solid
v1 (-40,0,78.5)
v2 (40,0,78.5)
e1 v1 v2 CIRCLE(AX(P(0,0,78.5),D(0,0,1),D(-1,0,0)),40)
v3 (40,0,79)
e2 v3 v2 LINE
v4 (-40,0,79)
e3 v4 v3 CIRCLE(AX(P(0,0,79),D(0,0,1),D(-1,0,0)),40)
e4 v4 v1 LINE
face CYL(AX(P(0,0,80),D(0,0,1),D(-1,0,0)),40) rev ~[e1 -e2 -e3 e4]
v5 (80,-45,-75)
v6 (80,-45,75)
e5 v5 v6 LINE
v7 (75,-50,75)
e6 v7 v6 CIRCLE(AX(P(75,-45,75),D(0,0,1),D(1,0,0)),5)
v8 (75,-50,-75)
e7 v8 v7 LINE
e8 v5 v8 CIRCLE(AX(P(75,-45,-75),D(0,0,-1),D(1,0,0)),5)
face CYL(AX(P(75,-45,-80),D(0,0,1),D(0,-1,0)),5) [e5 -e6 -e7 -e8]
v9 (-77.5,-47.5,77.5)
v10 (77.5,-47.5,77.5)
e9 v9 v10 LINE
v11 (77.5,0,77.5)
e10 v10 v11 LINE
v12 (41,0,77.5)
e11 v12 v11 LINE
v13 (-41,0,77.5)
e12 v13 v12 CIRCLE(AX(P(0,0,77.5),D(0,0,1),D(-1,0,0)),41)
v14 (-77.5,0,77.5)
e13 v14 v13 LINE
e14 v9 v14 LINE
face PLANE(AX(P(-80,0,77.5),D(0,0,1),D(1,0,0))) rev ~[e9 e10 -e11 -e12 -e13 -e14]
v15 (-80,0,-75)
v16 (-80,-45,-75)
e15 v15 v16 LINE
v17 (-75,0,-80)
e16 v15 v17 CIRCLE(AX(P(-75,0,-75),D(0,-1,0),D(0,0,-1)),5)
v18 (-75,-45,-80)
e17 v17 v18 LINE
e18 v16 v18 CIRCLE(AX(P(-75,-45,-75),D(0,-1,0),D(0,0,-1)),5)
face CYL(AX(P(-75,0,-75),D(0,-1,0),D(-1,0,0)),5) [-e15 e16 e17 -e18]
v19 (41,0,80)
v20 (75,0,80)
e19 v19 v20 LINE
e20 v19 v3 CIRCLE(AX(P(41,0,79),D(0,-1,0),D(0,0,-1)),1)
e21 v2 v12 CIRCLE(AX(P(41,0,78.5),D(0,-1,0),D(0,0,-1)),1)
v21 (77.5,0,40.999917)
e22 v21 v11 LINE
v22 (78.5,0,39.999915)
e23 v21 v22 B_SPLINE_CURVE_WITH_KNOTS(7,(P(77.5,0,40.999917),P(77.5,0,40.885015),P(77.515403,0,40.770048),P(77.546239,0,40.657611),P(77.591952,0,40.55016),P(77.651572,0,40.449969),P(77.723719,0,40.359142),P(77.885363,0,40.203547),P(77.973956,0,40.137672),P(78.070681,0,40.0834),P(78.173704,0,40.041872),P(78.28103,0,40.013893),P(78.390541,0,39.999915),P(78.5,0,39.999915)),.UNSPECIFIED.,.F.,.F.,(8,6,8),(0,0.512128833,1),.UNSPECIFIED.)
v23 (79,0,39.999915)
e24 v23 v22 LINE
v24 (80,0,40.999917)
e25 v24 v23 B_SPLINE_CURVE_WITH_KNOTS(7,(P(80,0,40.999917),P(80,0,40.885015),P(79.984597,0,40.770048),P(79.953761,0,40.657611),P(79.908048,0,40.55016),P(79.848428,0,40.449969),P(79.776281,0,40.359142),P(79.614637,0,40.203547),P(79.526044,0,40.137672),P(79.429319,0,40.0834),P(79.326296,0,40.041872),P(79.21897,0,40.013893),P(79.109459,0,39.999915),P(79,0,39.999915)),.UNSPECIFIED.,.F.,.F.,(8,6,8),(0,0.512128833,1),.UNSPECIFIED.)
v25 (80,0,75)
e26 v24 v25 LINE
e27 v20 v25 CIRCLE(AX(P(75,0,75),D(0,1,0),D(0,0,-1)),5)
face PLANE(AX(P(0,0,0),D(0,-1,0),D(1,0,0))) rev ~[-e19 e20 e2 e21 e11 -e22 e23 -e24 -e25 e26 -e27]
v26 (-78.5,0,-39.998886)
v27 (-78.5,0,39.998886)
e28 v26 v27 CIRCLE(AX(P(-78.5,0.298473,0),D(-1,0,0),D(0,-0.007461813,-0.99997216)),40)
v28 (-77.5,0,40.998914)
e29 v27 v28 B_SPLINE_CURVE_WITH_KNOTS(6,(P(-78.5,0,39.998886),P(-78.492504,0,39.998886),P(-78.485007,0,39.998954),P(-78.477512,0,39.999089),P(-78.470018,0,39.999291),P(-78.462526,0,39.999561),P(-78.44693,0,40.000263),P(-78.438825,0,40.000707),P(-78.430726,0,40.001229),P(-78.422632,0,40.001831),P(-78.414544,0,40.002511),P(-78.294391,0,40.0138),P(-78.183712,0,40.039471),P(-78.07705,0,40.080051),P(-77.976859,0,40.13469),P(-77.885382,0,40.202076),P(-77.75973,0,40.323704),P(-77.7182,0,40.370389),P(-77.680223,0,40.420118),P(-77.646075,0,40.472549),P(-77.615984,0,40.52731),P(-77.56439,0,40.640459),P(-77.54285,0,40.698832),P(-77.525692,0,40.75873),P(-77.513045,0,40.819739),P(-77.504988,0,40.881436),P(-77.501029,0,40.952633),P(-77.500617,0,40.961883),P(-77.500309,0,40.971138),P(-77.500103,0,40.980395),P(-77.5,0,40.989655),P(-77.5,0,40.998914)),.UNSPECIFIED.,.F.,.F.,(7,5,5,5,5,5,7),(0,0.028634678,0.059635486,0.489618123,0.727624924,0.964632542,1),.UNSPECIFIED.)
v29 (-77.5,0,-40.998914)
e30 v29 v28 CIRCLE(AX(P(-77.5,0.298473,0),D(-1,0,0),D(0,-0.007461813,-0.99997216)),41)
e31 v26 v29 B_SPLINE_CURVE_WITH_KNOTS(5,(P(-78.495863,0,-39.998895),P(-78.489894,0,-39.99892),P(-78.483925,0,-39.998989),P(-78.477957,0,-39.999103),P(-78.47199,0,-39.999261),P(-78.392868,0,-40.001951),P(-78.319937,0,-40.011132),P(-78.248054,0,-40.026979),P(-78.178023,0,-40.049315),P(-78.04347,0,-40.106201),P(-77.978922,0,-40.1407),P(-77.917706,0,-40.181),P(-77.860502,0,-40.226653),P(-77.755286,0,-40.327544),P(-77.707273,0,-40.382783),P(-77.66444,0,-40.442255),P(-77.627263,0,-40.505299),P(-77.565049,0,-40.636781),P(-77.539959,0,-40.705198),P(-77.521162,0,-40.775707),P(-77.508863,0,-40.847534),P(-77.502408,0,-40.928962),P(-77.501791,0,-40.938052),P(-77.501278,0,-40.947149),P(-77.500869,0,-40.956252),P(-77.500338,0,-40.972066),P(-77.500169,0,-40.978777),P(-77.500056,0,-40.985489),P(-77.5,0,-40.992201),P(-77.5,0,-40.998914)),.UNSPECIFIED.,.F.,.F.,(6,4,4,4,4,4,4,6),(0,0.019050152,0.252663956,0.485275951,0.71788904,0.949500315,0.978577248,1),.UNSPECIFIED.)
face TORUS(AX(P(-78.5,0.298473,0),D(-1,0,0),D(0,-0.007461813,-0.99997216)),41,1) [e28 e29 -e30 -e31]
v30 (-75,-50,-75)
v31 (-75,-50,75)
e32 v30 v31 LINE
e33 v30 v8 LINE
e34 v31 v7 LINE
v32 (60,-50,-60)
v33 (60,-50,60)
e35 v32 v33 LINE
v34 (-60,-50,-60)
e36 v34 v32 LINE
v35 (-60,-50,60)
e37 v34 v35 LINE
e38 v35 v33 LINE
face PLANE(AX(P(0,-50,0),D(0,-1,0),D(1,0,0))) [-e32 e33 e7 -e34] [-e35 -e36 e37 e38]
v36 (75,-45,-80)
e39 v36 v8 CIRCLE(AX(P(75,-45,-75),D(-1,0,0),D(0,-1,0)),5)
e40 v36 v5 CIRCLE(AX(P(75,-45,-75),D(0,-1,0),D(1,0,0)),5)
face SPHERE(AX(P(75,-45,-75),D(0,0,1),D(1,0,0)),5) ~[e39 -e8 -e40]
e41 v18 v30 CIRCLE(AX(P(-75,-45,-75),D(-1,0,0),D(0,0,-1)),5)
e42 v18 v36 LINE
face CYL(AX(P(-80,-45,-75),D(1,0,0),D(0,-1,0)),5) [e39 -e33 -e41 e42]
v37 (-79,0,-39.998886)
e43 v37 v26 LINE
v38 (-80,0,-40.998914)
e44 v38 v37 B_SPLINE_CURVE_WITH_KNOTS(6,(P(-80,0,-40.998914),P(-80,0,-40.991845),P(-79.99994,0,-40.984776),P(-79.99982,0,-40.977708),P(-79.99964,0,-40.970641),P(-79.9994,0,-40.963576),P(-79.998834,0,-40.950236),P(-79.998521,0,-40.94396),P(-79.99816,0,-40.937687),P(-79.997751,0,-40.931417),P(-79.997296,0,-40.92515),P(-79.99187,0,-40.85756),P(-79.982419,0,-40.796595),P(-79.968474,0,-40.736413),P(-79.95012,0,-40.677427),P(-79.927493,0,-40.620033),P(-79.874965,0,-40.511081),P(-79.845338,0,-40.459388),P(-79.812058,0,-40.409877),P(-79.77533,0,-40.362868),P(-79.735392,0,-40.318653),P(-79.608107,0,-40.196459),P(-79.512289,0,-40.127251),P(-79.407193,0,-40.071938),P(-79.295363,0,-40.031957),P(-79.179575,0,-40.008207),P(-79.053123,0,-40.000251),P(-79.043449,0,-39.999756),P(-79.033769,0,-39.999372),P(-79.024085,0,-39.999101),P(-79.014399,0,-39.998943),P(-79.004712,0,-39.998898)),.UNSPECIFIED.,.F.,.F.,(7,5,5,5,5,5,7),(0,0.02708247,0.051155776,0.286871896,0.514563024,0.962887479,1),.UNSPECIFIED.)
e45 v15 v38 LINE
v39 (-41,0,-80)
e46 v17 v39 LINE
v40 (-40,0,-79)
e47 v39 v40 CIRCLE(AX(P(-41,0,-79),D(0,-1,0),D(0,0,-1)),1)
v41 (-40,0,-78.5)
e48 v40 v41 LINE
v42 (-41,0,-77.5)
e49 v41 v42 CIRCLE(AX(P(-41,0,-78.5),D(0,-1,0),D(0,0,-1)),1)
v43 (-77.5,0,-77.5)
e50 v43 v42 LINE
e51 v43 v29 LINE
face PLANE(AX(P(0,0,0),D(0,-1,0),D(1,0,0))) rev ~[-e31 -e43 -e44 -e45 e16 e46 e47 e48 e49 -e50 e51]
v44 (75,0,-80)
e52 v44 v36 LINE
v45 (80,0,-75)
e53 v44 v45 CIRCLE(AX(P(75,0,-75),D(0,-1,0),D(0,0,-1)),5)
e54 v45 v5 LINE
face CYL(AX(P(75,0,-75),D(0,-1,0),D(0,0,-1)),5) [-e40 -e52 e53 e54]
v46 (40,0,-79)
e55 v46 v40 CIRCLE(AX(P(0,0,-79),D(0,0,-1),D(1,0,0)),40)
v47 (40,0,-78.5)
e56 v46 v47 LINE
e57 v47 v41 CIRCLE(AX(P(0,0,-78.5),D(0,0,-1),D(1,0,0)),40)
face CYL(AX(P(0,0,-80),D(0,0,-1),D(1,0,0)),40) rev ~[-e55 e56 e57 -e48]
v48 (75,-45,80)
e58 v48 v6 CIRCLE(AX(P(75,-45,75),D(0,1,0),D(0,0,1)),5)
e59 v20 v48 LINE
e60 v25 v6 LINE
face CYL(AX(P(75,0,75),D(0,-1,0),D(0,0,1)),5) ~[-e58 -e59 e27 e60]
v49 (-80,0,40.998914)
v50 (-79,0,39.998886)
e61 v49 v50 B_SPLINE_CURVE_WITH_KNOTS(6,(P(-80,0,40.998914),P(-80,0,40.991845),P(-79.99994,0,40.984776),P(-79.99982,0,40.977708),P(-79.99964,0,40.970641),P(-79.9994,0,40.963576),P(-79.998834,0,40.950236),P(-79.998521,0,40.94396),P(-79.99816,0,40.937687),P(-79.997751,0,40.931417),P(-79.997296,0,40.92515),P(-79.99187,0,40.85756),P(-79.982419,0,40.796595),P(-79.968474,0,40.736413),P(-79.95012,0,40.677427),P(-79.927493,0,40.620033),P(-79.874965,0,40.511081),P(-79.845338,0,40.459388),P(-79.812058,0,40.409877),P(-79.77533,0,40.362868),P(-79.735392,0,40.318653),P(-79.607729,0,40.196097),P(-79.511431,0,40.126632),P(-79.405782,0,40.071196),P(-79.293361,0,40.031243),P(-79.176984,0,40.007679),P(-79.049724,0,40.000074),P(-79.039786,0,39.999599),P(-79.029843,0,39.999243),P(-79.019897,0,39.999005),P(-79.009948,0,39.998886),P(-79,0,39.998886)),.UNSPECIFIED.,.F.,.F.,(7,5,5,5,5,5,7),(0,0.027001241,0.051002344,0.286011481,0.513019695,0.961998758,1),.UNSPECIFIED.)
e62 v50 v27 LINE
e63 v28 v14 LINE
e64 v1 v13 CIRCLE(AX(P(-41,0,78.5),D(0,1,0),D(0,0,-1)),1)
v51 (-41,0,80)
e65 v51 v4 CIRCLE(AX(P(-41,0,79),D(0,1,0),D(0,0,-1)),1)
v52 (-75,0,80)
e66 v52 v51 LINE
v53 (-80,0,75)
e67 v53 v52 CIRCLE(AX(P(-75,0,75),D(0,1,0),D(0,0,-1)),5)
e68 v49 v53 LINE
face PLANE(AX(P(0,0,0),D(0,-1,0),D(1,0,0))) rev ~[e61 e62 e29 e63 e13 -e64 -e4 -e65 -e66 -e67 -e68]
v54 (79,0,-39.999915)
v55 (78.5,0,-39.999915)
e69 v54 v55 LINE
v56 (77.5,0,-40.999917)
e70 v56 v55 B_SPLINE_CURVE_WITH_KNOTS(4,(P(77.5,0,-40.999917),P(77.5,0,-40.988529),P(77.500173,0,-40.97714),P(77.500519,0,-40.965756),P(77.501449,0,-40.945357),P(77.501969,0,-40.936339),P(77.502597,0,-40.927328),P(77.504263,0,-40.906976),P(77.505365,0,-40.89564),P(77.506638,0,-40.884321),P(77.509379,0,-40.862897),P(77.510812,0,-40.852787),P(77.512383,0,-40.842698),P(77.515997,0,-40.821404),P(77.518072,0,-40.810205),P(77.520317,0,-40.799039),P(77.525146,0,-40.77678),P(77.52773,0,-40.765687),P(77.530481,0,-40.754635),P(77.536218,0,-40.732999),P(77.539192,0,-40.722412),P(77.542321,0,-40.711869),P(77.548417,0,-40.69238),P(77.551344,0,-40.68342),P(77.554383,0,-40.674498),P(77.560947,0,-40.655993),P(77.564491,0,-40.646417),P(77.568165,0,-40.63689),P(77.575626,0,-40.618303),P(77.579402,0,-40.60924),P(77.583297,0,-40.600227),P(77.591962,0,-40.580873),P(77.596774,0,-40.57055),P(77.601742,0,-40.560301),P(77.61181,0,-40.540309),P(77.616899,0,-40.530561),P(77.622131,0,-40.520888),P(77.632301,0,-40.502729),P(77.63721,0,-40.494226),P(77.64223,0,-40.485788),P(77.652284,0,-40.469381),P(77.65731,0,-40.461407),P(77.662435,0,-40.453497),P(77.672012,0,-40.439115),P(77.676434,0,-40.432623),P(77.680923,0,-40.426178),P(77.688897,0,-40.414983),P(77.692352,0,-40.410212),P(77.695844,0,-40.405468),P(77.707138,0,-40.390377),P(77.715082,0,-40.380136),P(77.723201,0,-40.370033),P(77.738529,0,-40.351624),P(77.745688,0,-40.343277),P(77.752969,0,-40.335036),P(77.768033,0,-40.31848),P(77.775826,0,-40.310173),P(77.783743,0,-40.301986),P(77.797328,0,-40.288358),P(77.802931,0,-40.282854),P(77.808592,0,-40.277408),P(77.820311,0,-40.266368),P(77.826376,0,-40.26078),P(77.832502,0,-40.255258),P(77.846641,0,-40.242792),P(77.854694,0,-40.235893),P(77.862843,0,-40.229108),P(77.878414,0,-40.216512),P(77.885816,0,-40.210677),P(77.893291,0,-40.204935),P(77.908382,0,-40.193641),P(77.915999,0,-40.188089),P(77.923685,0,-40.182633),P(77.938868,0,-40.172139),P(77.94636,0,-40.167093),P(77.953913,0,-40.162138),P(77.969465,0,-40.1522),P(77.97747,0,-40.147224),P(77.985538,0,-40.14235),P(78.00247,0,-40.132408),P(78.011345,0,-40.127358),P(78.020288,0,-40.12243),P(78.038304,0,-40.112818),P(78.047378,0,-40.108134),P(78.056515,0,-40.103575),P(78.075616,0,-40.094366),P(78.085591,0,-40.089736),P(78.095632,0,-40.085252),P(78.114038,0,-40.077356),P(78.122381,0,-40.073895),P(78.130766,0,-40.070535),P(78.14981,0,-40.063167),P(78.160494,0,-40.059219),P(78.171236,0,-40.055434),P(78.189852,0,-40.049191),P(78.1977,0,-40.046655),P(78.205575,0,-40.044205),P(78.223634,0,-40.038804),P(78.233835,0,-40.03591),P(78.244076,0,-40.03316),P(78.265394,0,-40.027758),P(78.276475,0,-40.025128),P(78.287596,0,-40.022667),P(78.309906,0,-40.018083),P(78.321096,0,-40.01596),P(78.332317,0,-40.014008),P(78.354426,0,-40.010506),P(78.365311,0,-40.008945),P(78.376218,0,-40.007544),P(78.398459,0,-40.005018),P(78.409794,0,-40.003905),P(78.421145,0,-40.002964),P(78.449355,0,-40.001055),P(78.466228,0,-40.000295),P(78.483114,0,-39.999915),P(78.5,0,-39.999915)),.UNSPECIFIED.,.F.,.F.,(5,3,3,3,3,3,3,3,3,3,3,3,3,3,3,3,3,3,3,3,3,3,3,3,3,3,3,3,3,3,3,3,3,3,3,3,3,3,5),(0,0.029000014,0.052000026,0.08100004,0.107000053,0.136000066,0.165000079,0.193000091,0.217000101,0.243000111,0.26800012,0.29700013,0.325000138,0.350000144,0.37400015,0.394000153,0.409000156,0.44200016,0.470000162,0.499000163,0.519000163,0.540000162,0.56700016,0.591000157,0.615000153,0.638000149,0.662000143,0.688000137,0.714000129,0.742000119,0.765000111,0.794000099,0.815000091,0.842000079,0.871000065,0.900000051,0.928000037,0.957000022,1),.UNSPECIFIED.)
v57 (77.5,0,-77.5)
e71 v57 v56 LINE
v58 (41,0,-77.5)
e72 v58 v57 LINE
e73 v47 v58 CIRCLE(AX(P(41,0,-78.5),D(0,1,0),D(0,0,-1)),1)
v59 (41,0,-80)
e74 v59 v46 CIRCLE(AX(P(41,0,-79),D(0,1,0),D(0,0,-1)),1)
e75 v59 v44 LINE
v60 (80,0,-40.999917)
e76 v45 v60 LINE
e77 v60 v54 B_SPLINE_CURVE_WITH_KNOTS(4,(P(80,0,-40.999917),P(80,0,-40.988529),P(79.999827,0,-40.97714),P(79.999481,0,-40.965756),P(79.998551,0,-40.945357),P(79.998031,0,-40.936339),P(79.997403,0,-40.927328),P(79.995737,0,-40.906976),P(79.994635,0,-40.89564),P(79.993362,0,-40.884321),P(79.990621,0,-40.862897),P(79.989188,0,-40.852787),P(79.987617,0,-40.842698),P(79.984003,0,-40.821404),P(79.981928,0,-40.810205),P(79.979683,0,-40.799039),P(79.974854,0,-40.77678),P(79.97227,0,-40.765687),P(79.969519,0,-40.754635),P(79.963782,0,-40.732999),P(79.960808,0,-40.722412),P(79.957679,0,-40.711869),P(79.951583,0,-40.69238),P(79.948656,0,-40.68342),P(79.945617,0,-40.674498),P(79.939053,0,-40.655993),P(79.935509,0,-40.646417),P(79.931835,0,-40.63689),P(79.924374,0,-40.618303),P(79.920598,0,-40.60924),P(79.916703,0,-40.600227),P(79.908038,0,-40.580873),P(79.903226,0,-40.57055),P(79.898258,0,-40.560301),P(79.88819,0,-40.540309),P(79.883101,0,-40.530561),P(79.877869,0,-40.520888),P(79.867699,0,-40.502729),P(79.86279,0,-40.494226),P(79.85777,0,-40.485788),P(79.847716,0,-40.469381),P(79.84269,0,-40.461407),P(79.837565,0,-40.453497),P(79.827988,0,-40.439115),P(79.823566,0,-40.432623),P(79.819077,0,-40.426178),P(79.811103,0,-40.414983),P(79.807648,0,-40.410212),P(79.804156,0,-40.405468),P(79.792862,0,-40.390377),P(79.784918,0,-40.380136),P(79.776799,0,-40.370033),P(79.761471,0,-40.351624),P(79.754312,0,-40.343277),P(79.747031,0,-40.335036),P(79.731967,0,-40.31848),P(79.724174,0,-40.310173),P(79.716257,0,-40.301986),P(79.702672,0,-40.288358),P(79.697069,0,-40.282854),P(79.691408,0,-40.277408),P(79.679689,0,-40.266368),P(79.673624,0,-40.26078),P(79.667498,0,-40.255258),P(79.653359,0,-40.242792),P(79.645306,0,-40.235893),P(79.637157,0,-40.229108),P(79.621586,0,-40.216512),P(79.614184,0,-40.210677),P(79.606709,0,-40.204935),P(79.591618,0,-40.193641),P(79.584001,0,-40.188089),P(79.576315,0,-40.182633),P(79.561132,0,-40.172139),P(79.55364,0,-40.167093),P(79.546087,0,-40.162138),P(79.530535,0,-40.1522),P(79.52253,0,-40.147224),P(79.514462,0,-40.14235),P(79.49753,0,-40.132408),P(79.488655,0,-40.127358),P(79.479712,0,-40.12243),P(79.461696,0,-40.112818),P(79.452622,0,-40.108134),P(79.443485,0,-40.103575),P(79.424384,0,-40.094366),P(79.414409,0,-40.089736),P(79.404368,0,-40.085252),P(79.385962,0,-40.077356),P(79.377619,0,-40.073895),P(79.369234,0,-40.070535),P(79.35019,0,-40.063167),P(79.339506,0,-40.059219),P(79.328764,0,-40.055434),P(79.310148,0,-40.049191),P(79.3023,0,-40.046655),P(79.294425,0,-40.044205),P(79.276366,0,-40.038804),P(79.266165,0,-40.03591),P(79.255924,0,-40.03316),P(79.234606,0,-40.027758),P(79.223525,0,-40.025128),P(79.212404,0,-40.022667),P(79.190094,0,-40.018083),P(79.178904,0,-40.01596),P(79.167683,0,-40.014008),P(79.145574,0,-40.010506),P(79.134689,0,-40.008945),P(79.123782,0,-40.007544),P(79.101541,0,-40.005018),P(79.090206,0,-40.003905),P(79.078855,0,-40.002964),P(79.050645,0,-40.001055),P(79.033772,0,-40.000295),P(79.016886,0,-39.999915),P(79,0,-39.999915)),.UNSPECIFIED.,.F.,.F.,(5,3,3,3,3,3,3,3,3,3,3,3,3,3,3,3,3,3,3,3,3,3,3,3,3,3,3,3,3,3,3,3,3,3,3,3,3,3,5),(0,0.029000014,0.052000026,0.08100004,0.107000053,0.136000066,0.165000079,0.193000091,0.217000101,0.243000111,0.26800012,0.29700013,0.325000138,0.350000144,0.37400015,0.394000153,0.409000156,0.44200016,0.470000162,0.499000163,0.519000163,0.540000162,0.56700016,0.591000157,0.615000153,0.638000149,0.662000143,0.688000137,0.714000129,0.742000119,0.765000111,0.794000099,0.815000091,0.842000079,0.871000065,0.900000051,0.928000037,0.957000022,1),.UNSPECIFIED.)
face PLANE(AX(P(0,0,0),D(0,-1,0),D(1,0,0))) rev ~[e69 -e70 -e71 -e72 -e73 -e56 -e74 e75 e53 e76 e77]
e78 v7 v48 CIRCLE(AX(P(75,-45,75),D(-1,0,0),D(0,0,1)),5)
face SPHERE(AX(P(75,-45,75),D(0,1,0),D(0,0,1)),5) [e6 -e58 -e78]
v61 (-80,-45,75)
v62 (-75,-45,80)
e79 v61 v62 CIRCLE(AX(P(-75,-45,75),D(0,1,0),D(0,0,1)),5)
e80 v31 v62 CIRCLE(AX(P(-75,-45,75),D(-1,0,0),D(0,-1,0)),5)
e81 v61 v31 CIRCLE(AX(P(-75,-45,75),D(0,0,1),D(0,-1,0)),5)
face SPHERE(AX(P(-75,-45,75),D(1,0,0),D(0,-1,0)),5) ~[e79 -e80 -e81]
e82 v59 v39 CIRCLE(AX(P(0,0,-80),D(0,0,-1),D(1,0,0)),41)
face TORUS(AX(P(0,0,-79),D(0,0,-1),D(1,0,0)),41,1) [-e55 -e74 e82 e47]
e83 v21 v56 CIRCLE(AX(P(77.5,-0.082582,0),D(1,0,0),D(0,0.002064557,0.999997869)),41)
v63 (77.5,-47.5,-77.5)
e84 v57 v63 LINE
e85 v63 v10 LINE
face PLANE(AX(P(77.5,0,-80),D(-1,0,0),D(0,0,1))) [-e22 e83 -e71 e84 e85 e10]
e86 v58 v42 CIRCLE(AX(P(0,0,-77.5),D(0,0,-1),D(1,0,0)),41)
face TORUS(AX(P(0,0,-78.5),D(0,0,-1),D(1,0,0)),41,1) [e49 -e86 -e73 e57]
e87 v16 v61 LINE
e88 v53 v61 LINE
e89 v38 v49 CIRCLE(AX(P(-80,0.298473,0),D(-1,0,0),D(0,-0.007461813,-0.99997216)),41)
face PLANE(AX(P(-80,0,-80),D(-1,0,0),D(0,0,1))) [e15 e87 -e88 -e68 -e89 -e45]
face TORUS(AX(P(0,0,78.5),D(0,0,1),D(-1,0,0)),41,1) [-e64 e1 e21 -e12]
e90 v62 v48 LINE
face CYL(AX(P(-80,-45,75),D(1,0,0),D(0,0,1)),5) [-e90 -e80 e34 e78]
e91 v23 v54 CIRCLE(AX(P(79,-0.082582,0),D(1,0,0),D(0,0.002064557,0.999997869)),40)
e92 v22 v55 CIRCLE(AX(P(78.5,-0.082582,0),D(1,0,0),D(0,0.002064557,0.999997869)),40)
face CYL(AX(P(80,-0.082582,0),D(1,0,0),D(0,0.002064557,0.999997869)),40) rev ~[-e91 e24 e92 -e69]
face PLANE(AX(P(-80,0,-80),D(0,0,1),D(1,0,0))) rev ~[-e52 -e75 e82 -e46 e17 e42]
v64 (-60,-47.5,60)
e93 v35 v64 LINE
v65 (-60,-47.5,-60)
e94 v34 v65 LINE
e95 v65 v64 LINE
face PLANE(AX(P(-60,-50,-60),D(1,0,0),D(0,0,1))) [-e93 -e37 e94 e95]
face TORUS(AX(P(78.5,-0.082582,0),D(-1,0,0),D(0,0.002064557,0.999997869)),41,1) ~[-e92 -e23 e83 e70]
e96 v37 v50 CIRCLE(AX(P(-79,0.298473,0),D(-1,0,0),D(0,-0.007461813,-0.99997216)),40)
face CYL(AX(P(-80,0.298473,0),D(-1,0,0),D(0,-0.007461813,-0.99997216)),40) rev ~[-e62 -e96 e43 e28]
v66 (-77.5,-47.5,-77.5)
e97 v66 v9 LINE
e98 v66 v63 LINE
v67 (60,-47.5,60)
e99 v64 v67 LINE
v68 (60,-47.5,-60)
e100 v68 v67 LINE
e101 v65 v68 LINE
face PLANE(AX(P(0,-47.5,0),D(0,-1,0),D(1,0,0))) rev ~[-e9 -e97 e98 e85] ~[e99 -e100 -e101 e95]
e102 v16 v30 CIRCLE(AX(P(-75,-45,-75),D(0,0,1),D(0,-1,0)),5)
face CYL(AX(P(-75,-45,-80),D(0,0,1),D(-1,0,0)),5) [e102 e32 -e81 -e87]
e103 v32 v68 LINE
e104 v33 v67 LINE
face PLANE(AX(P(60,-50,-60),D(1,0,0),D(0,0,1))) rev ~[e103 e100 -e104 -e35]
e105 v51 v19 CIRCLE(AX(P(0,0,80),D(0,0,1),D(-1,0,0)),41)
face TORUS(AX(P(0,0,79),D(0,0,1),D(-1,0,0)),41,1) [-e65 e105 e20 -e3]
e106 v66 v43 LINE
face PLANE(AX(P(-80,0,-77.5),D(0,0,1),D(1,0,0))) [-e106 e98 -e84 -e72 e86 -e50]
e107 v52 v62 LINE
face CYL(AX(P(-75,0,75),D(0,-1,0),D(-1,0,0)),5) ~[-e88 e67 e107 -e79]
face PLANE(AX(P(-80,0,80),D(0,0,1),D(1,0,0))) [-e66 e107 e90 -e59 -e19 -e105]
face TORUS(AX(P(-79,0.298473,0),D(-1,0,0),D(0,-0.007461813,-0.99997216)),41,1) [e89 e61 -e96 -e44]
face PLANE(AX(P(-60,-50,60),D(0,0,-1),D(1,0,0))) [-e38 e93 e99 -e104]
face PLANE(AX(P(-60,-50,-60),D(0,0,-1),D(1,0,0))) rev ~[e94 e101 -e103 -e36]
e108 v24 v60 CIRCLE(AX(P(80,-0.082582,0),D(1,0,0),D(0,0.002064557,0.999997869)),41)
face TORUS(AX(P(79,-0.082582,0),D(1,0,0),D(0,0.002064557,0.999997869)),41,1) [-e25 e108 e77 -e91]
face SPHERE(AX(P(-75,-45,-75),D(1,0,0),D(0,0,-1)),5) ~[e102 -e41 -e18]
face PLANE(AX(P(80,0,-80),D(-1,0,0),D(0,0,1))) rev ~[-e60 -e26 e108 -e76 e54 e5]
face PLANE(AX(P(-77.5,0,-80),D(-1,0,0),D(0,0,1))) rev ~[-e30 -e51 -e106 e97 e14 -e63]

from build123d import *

# Parameters (mm, degrees)
F0_W      = 160
F0_H      = 160
F1_DEPTH  = 50
F2_T      = -2.5
F4_DEPTH  = 25
F6_DEPTH  = 25
F8_DEPTH  = 25
F10_DEPTH = 25
F11_W     = 120
F11_H     = 120
F12_DEPTH = 25
F13_R     = 5
F14_R     = 1


with BuildPart() as f1:
    # F0 (on Front) → F1 (new body)
    with BuildSketch(Plane.XZ):
        Rectangle(F0_W, F0_H)
    extrude(amount=F1_DEPTH)

    # F2
    f2_openings = [f1.faces().sort_by_distance(p)[0] for p in [
        (0, 0, 0),
    ]]
    offset(amount=F2_T, openings=f2_openings)

    # F3 (on face) → F4 (cut)
    with BuildSketch(Plane(origin=(0, 0, -80), x_dir=(1, 0, 0), z_dir=(0, 0, -1))):
        with BuildLine():
            Line((-40, 0), (40, 0))
            ThreePointArc((40, 0), (0, 40), (-40, 0))
        make_face()
    extrude(amount=-F4_DEPTH, mode=Mode.SUBTRACT)

    # F5 (on face) → F6 (cut)
    with BuildSketch(Plane(origin=(-80, 0, 0), x_dir=(0, -1, 0), z_dir=(-1, 0, 0))):
        with BuildLine():
            Line((0, 39.9988864115), (0, -39.9988864115))
            ThreePointArc((0, -39.9988864115), (39.7015274931, 0), (0, 39.9988864115))
        make_face()
    extrude(amount=-F6_DEPTH, mode=Mode.SUBTRACT)

    # F7 (on face) → F8 (cut)
    with BuildSketch(Plane.XY.offset(80)):
        with BuildLine():
            Line((40, 0), (-40, 0))
            ThreePointArc((-40, 0), (0, -40), (40, 0))
        make_face()
    extrude(amount=-F8_DEPTH, mode=Mode.SUBTRACT)

    # F9 (on face) → F10 (cut)
    with BuildSketch(Plane.YZ.offset(80)):
        with BuildLine():
            Line((0, -39.999914752), (0, 39.999914752))
            ThreePointArc((0, 39.999914752), (-40.0825822808, 0), (0, -39.999914752))
        make_face()
    extrude(amount=-F10_DEPTH, mode=Mode.SUBTRACT)

    # F11 (on face) → F12 (cut)
    with BuildSketch(Plane.XZ.offset(50)):
        Rectangle(F11_W, F11_H)
    extrude(amount=-F12_DEPTH, mode=Mode.SUBTRACT)

    # F13
    f13_edges = [f1.edges().sort_by_distance(p)[0] for p in [
        (80, -25, 80),
        (0, -50, 80),
        (80, -50, 0),
        (80, -25, -80),
        (0, -50, -80),
        (-80, -25, -80),
        (-80, -50, 0),
        (-80, -25, 80),
    ]]
    fillet(f13_edges, radius=F13_R)

    # F14
    f14_edges = [f1.edges().sort_by_distance(p)[0] for p in [
        (0, -40, -77.5),
        (0, -40, -80),
        (77.5, -40.082582, 0),
        (80, -40.082582, 0),
        (0, -40, 77.5),
        (0, -40, 80),
        (-77.5, -39.701527, 0),
        (-80, -39.701527, 0),
    ]]
    fillet(f14_edges, radius=F14_R)


solid = f1.part
